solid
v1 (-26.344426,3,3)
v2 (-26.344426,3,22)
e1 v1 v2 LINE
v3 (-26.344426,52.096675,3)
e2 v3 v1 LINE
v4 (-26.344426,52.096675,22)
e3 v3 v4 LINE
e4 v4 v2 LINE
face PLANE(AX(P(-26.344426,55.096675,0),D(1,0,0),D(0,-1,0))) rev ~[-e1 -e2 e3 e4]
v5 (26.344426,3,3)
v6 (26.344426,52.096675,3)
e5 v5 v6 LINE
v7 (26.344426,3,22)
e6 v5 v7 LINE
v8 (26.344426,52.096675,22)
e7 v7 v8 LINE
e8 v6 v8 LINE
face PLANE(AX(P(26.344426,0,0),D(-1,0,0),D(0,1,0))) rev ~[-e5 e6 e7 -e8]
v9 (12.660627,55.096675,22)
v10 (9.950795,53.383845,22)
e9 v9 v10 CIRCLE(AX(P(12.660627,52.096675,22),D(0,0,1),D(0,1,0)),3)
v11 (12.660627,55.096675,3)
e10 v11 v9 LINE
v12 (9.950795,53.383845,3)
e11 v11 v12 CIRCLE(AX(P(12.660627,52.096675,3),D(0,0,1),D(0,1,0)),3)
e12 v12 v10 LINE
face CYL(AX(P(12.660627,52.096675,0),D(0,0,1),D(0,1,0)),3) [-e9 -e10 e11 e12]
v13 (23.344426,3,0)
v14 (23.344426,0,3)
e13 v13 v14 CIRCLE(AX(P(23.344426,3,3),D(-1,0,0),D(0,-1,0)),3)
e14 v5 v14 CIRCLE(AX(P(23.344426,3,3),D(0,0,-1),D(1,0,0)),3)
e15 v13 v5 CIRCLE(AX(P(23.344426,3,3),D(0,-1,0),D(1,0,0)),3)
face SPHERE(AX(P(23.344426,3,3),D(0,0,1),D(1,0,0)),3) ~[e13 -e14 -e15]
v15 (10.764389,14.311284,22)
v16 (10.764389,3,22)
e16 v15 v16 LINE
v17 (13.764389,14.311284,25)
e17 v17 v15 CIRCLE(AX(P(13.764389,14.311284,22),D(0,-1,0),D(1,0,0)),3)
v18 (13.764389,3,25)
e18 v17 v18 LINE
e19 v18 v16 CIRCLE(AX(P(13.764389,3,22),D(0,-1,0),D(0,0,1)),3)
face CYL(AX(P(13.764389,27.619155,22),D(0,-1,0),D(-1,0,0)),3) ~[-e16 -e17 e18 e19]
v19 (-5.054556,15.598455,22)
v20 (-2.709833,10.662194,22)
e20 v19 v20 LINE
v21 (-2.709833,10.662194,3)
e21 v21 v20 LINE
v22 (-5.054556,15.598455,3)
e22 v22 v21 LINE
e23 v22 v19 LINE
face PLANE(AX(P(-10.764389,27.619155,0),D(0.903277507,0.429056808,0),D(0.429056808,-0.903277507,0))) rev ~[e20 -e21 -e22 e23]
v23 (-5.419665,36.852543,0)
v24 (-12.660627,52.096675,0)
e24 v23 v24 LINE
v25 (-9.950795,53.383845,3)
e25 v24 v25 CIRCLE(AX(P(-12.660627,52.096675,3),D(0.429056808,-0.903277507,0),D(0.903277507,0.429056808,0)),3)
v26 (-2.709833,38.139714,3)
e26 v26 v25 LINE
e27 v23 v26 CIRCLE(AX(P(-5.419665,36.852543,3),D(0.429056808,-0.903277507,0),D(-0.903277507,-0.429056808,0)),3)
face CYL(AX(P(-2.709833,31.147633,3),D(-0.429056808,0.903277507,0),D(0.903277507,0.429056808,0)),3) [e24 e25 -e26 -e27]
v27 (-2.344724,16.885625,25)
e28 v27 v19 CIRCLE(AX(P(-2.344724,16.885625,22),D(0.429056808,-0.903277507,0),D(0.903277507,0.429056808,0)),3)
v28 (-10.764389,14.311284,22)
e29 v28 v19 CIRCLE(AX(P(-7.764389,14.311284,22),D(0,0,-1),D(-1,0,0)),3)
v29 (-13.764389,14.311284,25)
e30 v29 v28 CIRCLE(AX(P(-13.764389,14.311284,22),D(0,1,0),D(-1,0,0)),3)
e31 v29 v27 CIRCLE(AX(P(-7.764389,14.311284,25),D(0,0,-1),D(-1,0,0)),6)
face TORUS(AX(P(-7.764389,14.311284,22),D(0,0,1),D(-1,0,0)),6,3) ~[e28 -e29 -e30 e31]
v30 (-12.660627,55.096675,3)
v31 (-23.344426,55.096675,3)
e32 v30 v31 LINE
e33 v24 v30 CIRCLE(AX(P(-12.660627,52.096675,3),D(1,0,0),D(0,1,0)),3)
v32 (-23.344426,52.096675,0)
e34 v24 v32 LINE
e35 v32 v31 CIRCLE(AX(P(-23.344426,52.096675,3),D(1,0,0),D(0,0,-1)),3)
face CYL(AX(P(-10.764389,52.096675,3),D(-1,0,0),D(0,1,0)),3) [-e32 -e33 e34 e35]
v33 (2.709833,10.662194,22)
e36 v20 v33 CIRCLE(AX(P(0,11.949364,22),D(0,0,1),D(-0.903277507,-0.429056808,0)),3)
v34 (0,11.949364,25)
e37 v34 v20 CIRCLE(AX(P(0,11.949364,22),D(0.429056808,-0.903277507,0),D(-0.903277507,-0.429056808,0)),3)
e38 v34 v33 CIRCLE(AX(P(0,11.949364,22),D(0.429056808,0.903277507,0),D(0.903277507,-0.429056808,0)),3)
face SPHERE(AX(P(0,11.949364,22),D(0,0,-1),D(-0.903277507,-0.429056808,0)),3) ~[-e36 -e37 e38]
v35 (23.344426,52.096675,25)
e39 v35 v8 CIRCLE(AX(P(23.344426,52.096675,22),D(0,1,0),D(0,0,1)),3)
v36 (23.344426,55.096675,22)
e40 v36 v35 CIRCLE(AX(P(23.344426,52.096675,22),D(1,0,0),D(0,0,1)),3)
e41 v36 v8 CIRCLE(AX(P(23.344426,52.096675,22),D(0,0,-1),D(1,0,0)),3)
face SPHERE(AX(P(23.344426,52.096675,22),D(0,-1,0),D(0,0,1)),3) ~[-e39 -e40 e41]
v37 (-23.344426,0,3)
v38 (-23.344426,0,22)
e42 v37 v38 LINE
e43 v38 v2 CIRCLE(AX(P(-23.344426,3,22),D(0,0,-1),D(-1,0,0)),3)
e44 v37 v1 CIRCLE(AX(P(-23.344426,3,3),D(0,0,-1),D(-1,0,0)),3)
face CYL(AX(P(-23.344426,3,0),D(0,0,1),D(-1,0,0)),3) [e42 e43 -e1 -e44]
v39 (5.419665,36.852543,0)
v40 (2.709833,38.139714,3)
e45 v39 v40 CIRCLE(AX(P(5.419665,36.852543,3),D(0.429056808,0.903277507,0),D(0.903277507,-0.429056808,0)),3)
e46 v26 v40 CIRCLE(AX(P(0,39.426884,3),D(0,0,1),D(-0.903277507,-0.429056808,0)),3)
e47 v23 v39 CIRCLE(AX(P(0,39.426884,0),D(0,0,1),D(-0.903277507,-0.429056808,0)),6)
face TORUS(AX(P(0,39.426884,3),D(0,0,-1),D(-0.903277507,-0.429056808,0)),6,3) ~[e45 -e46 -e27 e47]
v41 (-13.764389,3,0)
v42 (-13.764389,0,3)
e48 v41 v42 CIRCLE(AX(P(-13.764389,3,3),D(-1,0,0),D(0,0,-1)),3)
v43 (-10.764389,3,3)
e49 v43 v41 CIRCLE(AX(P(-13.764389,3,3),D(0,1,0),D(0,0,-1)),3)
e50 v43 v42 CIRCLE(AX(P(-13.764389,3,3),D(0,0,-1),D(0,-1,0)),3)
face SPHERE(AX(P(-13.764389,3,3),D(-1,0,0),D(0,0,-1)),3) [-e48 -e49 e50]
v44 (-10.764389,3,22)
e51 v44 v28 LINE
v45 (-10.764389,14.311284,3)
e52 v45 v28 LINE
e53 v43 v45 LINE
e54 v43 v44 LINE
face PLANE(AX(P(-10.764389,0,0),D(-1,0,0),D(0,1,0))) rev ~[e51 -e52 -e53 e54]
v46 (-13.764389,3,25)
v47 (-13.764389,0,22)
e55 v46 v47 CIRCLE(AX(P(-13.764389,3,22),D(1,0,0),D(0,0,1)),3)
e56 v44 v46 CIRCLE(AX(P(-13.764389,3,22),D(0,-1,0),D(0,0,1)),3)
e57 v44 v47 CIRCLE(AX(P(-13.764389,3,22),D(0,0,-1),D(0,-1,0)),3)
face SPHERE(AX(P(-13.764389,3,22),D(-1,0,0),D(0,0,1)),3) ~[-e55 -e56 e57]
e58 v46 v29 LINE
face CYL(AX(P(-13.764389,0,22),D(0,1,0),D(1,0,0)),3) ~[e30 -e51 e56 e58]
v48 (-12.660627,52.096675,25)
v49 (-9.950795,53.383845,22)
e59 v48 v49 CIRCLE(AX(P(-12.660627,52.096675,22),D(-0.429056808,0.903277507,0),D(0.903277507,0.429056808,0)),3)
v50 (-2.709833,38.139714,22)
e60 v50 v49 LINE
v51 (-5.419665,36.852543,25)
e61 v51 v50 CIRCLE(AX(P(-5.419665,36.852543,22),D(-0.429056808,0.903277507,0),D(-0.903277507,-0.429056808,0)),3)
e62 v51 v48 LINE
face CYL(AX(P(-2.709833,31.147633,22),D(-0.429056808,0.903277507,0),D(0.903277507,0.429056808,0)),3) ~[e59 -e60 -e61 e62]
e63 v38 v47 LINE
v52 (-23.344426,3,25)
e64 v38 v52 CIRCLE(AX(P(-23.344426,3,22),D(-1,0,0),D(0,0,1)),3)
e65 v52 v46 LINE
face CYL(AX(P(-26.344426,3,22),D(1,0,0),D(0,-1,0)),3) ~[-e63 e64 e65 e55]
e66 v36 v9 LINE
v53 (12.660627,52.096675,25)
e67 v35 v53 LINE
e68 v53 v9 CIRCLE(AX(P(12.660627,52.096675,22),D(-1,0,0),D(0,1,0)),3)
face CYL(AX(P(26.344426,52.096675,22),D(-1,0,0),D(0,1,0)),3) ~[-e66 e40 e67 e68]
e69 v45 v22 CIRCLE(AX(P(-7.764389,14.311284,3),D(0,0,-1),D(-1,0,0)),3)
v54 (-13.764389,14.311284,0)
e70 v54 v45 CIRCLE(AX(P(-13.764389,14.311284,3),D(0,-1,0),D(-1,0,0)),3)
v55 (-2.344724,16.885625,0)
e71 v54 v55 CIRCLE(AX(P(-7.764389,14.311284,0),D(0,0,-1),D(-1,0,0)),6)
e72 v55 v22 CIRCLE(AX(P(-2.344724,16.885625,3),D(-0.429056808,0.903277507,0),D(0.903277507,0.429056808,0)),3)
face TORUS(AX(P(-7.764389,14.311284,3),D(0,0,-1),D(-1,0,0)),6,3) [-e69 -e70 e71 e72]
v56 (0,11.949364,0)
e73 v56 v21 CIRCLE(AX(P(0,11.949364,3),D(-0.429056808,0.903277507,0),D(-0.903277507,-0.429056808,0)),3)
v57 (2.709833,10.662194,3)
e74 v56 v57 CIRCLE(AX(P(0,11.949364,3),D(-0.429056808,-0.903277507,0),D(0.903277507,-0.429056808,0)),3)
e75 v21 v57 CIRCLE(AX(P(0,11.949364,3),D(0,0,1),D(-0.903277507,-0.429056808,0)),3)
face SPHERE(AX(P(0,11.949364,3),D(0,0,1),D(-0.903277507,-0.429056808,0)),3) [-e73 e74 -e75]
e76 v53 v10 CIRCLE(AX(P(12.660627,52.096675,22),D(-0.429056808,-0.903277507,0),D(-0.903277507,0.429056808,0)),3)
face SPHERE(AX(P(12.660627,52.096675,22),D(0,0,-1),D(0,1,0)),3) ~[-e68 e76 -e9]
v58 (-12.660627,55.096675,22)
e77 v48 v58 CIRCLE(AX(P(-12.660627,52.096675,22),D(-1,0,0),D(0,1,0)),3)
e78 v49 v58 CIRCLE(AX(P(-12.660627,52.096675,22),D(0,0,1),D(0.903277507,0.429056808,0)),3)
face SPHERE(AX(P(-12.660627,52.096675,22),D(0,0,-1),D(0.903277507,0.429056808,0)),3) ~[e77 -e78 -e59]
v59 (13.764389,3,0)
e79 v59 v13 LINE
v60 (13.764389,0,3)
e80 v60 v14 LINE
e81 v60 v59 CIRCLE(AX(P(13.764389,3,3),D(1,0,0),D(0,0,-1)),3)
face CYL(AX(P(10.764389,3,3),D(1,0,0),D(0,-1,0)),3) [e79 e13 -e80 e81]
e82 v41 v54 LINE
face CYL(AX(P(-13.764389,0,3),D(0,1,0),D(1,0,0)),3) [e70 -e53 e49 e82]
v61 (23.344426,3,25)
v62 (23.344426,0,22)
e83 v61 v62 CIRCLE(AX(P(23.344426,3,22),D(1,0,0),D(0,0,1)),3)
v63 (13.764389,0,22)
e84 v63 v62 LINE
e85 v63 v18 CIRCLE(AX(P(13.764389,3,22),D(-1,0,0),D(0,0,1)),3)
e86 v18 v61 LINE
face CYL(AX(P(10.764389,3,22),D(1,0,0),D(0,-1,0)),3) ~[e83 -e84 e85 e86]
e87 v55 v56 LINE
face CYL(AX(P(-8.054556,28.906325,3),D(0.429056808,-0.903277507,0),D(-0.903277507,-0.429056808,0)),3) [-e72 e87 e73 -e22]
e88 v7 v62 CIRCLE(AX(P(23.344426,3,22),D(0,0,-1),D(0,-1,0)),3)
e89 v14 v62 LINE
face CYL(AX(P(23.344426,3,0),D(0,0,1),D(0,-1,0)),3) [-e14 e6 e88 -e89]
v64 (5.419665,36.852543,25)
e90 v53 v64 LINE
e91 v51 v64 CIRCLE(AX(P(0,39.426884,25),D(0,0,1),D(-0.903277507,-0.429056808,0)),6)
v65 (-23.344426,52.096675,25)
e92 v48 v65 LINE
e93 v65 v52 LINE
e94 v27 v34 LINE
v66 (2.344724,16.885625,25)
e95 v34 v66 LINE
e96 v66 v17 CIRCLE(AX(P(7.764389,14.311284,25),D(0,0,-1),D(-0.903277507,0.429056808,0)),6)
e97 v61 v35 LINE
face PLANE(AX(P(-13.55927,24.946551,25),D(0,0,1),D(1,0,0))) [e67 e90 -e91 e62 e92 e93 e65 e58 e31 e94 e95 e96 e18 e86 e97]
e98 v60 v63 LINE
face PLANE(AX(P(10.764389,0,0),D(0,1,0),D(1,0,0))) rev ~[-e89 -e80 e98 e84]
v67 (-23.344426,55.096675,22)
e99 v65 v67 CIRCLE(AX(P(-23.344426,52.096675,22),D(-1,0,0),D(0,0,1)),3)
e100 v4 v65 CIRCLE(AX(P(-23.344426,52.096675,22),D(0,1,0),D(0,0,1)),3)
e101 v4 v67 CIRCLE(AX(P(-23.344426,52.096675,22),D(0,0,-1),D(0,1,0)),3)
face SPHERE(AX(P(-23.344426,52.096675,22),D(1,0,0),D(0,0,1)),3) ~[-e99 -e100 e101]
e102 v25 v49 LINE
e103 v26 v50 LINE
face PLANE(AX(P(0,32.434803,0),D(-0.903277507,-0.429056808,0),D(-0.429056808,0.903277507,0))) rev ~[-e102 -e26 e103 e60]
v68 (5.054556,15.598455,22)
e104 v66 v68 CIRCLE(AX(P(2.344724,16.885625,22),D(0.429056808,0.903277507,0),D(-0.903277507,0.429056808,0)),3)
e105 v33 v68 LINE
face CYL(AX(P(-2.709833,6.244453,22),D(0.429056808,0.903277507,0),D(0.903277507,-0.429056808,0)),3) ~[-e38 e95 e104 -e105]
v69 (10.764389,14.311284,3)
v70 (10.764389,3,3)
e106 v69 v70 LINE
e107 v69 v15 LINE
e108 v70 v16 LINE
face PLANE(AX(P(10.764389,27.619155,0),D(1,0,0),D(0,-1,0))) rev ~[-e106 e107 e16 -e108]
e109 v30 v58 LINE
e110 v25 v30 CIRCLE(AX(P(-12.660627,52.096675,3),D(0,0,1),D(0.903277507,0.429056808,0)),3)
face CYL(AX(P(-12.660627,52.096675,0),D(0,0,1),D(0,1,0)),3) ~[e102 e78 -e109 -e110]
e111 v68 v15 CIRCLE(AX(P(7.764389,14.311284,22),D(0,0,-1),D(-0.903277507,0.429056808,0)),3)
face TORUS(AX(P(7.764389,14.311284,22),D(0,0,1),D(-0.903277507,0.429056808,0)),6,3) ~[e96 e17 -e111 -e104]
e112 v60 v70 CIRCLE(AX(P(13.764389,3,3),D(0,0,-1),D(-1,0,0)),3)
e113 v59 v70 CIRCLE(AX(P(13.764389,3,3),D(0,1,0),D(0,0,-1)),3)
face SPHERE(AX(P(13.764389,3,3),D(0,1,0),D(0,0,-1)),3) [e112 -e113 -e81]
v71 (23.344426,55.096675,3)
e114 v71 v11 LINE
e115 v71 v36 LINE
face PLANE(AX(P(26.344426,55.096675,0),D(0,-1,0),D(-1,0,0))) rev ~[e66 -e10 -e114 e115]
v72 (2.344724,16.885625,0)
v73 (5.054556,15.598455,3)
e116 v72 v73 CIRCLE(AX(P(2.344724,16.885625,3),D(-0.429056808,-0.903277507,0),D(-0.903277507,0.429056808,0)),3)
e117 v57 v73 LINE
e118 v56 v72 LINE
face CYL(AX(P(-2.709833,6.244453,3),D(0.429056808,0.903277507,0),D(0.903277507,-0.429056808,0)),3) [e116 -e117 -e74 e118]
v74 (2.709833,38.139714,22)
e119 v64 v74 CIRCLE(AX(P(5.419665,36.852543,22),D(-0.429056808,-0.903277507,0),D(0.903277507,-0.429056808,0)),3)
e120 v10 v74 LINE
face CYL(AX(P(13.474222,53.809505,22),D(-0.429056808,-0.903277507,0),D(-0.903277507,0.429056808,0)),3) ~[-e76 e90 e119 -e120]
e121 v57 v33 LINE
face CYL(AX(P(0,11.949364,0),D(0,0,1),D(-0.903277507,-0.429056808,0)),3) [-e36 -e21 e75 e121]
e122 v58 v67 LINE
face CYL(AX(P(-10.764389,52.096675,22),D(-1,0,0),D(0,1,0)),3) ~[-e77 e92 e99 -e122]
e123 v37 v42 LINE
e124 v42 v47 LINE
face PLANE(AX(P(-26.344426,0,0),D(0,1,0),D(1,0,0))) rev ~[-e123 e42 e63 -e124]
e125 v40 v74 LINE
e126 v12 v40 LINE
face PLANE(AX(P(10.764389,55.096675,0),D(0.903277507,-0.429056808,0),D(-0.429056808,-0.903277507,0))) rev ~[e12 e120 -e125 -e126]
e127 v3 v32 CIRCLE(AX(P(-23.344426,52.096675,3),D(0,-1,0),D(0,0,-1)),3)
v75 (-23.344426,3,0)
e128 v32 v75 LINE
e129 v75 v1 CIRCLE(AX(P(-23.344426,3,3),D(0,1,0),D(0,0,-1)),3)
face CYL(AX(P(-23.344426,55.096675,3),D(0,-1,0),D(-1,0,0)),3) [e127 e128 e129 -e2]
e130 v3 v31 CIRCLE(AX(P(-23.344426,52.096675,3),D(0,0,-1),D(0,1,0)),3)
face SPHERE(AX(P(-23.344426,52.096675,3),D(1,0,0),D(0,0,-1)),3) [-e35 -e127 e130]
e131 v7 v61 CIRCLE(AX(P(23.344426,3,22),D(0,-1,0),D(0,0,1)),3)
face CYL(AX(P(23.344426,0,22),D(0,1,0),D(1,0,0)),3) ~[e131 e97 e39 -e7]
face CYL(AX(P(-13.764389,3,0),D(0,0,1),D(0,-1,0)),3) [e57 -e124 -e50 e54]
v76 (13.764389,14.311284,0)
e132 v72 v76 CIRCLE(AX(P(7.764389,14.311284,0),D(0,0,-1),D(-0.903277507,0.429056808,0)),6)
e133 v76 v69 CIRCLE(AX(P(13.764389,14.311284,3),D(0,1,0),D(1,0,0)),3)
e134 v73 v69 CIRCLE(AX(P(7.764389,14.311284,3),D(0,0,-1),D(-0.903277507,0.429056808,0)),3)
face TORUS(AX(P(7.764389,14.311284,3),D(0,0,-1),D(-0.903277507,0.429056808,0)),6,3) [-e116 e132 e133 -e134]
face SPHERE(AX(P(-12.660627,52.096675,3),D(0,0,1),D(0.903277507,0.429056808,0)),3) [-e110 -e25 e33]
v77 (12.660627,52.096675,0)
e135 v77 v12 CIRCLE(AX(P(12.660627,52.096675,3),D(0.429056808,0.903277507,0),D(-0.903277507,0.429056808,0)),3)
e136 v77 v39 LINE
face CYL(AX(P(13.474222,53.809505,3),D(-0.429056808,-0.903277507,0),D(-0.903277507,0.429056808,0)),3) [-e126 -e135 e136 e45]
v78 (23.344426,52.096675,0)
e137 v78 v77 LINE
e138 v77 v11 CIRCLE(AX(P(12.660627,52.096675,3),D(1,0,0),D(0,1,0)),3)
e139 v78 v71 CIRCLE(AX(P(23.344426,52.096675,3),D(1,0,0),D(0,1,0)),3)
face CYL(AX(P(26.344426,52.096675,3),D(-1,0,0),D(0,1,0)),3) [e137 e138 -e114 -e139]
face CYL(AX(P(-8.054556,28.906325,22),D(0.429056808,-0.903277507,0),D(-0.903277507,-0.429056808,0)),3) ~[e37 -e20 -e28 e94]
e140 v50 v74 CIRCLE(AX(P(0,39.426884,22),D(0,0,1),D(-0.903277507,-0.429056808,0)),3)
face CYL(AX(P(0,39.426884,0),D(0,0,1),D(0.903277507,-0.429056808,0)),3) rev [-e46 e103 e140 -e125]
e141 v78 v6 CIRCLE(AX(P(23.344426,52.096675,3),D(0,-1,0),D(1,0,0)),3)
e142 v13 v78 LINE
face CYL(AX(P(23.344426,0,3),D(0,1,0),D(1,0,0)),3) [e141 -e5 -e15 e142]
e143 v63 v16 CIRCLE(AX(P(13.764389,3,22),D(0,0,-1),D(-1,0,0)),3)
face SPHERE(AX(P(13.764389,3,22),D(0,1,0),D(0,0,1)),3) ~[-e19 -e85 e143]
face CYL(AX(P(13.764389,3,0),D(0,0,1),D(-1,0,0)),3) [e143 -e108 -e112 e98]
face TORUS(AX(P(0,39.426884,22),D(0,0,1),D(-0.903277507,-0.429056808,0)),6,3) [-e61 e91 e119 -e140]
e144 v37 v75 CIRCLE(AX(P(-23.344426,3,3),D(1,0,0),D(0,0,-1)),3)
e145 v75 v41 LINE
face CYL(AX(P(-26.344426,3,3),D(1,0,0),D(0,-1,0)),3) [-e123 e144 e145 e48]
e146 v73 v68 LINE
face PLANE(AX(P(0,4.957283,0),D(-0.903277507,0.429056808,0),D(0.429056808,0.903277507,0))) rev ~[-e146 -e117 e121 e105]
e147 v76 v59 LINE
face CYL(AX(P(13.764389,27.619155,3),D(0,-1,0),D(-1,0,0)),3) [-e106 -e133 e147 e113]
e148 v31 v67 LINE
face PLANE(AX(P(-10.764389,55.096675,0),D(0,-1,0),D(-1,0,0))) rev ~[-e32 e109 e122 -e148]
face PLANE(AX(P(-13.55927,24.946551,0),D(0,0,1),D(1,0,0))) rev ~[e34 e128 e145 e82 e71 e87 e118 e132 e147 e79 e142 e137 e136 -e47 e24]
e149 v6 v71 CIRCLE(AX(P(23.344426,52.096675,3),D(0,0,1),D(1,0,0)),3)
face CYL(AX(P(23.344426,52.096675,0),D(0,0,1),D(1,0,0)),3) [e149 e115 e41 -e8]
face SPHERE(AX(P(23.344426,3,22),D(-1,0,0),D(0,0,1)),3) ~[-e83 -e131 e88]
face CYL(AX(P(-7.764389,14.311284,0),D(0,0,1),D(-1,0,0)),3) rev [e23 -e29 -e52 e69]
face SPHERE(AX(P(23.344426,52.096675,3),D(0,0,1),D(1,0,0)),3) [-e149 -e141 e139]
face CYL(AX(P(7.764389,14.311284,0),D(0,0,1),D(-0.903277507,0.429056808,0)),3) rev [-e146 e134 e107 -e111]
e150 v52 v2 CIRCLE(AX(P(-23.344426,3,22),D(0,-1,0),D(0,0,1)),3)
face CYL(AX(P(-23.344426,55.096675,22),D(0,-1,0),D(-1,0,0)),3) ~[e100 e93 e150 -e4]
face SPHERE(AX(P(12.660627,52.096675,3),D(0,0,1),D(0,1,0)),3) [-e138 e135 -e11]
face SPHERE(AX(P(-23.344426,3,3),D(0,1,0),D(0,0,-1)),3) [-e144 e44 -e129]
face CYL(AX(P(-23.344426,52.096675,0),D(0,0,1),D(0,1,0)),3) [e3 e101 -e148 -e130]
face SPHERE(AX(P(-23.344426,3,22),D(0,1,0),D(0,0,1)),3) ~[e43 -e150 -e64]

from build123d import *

# Parameters (mm, degrees)
F1_DEPTH = 25
F2_R     = 3


with BuildPart() as f1:
    # F0 (on Top) → F1 (new body)
    with BuildSketch(Plane.XY):
        Polygon((-10.764389, 55.096675), (-26.344426, 55.096675), (-26.344426, 0), (-10.764389, 0), (-10.764389, 27.619155), (0, 4.957283), (0, 32.434803), align=None)
        Polygon((10.764389, 55.096675), (0, 32.434803), (0, 4.957283), (10.764389, 27.619155), (10.764389, 0), (26.344426, 0), (26.344426, 55.096675), align=None)
    extrude(amount=F1_DEPTH)

    # F2
    f2_edges = [f1.edges().sort_by_distance(p)[0] for p in [
        (-5.382195, 43.765739, 25),
        (-18.554408, 55.096675, 25),
        (-26.344426, 27.548337, 25),
        (-18.554408, 0, 25),
        (-10.764389, 13.809578, 25),
        (-5.382195, 16.288219, 25),
        (5.382195, 16.288219, 25),
        (10.764389, 13.809578, 25),
        (18.554408, 0, 25),
        (26.344426, 27.548337, 25),
        (18.554408, 55.096675, 25),
        (5.382195, 43.765739, 25),
        (26.344426, 0, 12.5),
        (26.344426, 55.096675, 12.5),
        (26.344426, 27.548337, 0),
        (10.764389, 55.096675, 12.5),
        (-5.382195, 43.765739, 0),
        (-18.554408, 55.096675, 0),
        (-26.344426, 27.548337, 0),
        (-18.554408, 0, 0),
        (-10.764389, 13.809578, 0),
        (-5.382195, 16.288219, 0),
        (5.382195, 16.288219, 0),
        (10.764389, 13.809578, 0),
        (18.554408, 0, 0),
        (18.554408, 55.096675, 0),
        (5.382195, 43.765739, 0),
        (10.764389, 27.619155, 12.5),
        (10.764389, 0, 12.5),
        (-10.764389, 27.619155, 12.5),
        (0, 4.957283, 12.5),
        (-26.344426, 0, 12.5),
        (-10.764389, 0, 12.5),
        (-10.764389, 55.096675, 12.5),
        (-26.344426, 55.096675, 12.5),
        (0, 32.434803, 12.5),
    ]]
    fillet(f2_edges, radius=F2_R)


solid = f1.part
